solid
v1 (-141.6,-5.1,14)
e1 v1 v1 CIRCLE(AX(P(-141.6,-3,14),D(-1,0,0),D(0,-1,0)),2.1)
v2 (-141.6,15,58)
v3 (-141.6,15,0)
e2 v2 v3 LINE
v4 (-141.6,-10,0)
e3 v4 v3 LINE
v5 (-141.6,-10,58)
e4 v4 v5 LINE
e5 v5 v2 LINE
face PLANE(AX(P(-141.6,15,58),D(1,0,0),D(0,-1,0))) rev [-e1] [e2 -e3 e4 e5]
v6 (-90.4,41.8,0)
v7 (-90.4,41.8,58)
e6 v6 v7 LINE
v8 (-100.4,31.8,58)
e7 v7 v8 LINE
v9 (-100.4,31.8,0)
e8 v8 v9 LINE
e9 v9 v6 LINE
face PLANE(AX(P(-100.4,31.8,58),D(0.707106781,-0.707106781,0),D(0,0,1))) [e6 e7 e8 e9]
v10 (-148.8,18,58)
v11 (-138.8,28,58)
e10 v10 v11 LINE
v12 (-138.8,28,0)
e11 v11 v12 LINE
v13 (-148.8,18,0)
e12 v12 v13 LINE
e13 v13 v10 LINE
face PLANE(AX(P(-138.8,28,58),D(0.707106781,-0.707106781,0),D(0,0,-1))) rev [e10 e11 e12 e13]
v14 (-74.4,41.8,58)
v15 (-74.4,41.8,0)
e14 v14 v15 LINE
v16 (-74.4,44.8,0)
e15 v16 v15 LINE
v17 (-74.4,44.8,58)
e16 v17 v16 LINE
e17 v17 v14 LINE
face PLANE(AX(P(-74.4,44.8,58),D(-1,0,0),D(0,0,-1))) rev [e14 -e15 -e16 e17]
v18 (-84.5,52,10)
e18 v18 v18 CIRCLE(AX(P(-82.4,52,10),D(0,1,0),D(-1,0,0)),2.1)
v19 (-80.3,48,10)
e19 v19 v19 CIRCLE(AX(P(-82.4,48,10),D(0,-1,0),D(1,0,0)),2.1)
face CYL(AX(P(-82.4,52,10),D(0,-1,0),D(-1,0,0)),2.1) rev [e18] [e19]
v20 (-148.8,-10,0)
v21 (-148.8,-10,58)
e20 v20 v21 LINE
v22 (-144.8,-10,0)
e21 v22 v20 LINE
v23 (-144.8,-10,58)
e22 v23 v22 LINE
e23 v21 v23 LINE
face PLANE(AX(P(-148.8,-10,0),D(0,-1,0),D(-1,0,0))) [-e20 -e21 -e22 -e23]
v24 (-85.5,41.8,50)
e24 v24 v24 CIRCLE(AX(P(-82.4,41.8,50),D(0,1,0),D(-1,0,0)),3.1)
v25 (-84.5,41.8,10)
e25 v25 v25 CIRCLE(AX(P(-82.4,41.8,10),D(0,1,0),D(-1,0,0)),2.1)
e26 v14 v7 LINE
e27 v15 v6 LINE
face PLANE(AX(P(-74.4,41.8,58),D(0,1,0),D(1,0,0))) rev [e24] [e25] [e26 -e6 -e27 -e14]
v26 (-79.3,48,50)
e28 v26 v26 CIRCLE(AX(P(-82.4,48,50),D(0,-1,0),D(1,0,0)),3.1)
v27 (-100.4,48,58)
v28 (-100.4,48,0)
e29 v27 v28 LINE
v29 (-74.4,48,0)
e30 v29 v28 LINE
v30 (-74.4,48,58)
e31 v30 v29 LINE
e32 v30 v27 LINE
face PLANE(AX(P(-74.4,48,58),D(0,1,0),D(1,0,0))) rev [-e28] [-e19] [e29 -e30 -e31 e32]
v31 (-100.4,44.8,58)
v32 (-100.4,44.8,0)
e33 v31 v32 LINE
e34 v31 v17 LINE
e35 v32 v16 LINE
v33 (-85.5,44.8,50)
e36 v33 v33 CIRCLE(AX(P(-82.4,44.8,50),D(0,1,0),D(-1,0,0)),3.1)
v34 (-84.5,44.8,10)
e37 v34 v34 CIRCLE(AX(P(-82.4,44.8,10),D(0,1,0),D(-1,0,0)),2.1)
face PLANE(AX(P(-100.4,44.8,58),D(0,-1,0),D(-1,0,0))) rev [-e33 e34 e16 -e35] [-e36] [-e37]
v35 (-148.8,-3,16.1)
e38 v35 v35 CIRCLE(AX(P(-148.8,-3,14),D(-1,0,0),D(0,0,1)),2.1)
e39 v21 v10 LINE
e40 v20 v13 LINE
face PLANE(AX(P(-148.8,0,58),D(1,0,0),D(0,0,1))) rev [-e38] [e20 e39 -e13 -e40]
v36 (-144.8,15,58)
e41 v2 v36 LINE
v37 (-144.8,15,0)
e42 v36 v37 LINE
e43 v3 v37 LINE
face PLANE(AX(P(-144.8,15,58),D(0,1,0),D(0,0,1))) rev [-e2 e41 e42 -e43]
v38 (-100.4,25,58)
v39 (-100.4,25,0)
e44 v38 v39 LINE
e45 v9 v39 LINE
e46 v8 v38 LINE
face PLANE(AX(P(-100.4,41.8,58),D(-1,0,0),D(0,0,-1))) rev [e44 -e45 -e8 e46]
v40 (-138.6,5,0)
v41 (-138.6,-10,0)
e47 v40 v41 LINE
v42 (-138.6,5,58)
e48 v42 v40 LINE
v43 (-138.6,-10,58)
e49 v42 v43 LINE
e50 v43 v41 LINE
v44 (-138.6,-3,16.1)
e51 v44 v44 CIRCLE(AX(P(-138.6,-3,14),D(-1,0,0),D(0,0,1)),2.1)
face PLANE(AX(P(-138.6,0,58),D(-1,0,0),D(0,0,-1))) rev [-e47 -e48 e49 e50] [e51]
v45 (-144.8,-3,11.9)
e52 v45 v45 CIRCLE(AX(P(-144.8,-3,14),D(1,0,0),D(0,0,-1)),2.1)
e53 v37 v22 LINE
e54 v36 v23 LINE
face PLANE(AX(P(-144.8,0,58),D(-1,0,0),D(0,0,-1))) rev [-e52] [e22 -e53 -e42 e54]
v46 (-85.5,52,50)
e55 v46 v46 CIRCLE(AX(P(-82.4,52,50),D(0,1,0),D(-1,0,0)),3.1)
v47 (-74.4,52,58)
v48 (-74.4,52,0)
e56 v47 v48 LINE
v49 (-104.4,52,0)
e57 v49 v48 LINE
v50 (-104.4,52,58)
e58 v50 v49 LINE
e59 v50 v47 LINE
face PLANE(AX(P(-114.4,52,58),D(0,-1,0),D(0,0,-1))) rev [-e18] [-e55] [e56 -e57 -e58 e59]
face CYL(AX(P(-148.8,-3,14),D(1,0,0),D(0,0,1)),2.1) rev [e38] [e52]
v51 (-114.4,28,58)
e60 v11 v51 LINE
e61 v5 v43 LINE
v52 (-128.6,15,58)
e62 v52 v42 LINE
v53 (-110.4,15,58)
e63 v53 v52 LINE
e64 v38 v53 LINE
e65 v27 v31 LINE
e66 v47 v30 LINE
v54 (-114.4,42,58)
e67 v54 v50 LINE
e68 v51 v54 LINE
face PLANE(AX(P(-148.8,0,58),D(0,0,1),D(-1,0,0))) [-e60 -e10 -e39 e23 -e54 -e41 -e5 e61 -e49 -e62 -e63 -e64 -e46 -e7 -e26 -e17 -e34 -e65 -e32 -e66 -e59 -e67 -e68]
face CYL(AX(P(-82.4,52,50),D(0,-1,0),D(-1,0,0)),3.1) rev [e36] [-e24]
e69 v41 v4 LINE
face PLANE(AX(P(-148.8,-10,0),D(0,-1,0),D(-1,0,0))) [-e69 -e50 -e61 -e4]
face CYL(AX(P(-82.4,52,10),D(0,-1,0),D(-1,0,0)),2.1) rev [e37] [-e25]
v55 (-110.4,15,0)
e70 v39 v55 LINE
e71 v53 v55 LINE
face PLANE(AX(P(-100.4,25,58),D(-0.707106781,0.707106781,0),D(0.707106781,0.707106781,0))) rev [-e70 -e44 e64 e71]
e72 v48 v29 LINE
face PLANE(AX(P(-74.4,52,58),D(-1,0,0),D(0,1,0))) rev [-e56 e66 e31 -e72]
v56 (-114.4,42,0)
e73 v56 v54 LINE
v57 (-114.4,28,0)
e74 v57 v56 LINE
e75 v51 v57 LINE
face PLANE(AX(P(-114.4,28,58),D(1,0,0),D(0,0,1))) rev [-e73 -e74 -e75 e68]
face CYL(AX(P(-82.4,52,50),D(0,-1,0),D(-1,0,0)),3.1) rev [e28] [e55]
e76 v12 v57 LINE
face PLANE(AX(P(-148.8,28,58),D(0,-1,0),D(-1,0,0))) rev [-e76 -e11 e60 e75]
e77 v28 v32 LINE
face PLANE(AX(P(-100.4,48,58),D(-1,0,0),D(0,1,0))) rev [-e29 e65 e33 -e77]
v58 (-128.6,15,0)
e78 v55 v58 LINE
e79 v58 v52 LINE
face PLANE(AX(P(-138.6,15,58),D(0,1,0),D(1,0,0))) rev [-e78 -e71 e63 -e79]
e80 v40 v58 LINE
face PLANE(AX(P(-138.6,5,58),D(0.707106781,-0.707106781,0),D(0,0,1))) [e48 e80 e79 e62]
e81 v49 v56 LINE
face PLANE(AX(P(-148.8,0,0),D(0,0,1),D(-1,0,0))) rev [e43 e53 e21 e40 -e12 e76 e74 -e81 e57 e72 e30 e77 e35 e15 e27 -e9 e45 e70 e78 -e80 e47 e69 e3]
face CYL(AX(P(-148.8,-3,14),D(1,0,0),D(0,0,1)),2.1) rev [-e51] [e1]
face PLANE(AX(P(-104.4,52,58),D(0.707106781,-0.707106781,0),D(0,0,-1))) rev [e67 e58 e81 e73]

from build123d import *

# Parameters (mm, degrees)
DODANIE_WYCI_GNI_CIE1_DEPTH     = 58
SFAZOWANIE1_SIZE                = 10
SZKIC2_W                        = 4
SZKIC2_H                        = 58
SZKIC2_W_2                      = 3
DODANIE_WYCI_GNI_CIE2_DEPTH     = 10
SZKIC3_R                        = 2.1
SZKIC3_R_2                      = 3.1
WYTNIJ_WYCI_GNI_CIE1_DEPTH      = 108.622488356
SZKIC4_R                        = 2.1
WYTNIJ_WYCI_GNI_CIE2_DEPTH      = 101.943746711
WYTNIJ_WYCI_GNI_CIE3_DEPTH      = 168.894848045
WYTNIJ_WYCI_GNI_CIE3_DEPTH_BACK = 168.894848045
SZKIC5_W                        = 90.111418636
SZKIC5_H                        = 70.976902515


with BuildPart() as part:
    # Szkic1 → Dodanie-wyciągnięcie1 (new body)
    with BuildSketch(Plane.XY):
        Polygon((0, 0), (-4, 0), (-4, 15), (-7.2, 15), (-7.2, 0), (-10.2, 0), (-10.2, 15), (-38.4, 15), (-48.4, 25), (-48.4, 41.8), (-74.4, 41.8), (-74.4, 44.8), (-48.4, 44.8), (-48.4, 48), (-74.4, 48), (-74.4, 52), (-34.4, 52), (-34.4, 28), (0, 28), align=None)
    extrude(amount=DODANIE_WYCI_GNI_CIE1_DEPTH)

    # Sfazowanie1
    sfazowanie1_edges = [part.edges().sort_by_distance(p)[0] for p in [
        (-10.2, 15, 29),
        (-48.4, 41.8, 29),
        (-34.4, 52, 29),
        (0, 28, 29),
    ]]
    chamfer(sfazowanie1_edges, length=SFAZOWANIE1_SIZE)

    # Szkic2 → Dodanie-wyciągnięcie2 (add)
    with BuildSketch(Plane.XZ):
        with Locations((-2, 29)):
            Rectangle(SZKIC2_W, SZKIC2_H)
        with Locations((-8.7, 29)):
            Rectangle(SZKIC2_W_2, SZKIC2_H)
    extrude(amount=DODANIE_WYCI_GNI_CIE2_DEPTH)

    # Szkic3 → Wytnij-wyciągnięcie1 (cut, through all)
    with BuildSketch(Plane.XZ.offset(-41.8)):
        with Locations((-66.4, 10)):
            Circle(SZKIC3_R)
        with Locations((-66.4, 50)):
            Circle(SZKIC3_R_2)
    extrude(amount=-WYTNIJ_WYCI_GNI_CIE1_DEPTH, mode=Mode.SUBTRACT)

    # Szkic4 → Wytnij-wyciągnięcie2 (cut, through all)
    with BuildSketch(Plane.ZY.offset(10.2)):
        with Locations((14, -3)):
            Circle(SZKIC4_R)
    extrude(amount=-WYTNIJ_WYCI_GNI_CIE2_DEPTH, mode=Mode.SUBTRACT)


with BuildPart() as body_2:
    # Lustro1: mirrored copy
    add(part.part.mirror(Plane(origin=(-74.4, 52, 58), x_dir=(0, 0, 1), z_dir=(1, 0, 0))))


with BuildPart() as part_1:
    add(part.part)

    # Szkic5 → Wytnij-wyciągnięcie3 (cut, two sides: drawn at the far end of the back side and taken through both)
    with BuildSketch(Plane.XZ.offset(-41.8).offset(-WYTNIJ_WYCI_GNI_CIE3_DEPTH_BACK)):
        with Locations((-29.344290682, 35.488451258)):
            Rectangle(SZKIC5_W, SZKIC5_H)
    extrude(amount=WYTNIJ_WYCI_GNI_CIE3_DEPTH + WYTNIJ_WYCI_GNI_CIE3_DEPTH_BACK, mode=Mode.SUBTRACT)


solid = body_2.part
